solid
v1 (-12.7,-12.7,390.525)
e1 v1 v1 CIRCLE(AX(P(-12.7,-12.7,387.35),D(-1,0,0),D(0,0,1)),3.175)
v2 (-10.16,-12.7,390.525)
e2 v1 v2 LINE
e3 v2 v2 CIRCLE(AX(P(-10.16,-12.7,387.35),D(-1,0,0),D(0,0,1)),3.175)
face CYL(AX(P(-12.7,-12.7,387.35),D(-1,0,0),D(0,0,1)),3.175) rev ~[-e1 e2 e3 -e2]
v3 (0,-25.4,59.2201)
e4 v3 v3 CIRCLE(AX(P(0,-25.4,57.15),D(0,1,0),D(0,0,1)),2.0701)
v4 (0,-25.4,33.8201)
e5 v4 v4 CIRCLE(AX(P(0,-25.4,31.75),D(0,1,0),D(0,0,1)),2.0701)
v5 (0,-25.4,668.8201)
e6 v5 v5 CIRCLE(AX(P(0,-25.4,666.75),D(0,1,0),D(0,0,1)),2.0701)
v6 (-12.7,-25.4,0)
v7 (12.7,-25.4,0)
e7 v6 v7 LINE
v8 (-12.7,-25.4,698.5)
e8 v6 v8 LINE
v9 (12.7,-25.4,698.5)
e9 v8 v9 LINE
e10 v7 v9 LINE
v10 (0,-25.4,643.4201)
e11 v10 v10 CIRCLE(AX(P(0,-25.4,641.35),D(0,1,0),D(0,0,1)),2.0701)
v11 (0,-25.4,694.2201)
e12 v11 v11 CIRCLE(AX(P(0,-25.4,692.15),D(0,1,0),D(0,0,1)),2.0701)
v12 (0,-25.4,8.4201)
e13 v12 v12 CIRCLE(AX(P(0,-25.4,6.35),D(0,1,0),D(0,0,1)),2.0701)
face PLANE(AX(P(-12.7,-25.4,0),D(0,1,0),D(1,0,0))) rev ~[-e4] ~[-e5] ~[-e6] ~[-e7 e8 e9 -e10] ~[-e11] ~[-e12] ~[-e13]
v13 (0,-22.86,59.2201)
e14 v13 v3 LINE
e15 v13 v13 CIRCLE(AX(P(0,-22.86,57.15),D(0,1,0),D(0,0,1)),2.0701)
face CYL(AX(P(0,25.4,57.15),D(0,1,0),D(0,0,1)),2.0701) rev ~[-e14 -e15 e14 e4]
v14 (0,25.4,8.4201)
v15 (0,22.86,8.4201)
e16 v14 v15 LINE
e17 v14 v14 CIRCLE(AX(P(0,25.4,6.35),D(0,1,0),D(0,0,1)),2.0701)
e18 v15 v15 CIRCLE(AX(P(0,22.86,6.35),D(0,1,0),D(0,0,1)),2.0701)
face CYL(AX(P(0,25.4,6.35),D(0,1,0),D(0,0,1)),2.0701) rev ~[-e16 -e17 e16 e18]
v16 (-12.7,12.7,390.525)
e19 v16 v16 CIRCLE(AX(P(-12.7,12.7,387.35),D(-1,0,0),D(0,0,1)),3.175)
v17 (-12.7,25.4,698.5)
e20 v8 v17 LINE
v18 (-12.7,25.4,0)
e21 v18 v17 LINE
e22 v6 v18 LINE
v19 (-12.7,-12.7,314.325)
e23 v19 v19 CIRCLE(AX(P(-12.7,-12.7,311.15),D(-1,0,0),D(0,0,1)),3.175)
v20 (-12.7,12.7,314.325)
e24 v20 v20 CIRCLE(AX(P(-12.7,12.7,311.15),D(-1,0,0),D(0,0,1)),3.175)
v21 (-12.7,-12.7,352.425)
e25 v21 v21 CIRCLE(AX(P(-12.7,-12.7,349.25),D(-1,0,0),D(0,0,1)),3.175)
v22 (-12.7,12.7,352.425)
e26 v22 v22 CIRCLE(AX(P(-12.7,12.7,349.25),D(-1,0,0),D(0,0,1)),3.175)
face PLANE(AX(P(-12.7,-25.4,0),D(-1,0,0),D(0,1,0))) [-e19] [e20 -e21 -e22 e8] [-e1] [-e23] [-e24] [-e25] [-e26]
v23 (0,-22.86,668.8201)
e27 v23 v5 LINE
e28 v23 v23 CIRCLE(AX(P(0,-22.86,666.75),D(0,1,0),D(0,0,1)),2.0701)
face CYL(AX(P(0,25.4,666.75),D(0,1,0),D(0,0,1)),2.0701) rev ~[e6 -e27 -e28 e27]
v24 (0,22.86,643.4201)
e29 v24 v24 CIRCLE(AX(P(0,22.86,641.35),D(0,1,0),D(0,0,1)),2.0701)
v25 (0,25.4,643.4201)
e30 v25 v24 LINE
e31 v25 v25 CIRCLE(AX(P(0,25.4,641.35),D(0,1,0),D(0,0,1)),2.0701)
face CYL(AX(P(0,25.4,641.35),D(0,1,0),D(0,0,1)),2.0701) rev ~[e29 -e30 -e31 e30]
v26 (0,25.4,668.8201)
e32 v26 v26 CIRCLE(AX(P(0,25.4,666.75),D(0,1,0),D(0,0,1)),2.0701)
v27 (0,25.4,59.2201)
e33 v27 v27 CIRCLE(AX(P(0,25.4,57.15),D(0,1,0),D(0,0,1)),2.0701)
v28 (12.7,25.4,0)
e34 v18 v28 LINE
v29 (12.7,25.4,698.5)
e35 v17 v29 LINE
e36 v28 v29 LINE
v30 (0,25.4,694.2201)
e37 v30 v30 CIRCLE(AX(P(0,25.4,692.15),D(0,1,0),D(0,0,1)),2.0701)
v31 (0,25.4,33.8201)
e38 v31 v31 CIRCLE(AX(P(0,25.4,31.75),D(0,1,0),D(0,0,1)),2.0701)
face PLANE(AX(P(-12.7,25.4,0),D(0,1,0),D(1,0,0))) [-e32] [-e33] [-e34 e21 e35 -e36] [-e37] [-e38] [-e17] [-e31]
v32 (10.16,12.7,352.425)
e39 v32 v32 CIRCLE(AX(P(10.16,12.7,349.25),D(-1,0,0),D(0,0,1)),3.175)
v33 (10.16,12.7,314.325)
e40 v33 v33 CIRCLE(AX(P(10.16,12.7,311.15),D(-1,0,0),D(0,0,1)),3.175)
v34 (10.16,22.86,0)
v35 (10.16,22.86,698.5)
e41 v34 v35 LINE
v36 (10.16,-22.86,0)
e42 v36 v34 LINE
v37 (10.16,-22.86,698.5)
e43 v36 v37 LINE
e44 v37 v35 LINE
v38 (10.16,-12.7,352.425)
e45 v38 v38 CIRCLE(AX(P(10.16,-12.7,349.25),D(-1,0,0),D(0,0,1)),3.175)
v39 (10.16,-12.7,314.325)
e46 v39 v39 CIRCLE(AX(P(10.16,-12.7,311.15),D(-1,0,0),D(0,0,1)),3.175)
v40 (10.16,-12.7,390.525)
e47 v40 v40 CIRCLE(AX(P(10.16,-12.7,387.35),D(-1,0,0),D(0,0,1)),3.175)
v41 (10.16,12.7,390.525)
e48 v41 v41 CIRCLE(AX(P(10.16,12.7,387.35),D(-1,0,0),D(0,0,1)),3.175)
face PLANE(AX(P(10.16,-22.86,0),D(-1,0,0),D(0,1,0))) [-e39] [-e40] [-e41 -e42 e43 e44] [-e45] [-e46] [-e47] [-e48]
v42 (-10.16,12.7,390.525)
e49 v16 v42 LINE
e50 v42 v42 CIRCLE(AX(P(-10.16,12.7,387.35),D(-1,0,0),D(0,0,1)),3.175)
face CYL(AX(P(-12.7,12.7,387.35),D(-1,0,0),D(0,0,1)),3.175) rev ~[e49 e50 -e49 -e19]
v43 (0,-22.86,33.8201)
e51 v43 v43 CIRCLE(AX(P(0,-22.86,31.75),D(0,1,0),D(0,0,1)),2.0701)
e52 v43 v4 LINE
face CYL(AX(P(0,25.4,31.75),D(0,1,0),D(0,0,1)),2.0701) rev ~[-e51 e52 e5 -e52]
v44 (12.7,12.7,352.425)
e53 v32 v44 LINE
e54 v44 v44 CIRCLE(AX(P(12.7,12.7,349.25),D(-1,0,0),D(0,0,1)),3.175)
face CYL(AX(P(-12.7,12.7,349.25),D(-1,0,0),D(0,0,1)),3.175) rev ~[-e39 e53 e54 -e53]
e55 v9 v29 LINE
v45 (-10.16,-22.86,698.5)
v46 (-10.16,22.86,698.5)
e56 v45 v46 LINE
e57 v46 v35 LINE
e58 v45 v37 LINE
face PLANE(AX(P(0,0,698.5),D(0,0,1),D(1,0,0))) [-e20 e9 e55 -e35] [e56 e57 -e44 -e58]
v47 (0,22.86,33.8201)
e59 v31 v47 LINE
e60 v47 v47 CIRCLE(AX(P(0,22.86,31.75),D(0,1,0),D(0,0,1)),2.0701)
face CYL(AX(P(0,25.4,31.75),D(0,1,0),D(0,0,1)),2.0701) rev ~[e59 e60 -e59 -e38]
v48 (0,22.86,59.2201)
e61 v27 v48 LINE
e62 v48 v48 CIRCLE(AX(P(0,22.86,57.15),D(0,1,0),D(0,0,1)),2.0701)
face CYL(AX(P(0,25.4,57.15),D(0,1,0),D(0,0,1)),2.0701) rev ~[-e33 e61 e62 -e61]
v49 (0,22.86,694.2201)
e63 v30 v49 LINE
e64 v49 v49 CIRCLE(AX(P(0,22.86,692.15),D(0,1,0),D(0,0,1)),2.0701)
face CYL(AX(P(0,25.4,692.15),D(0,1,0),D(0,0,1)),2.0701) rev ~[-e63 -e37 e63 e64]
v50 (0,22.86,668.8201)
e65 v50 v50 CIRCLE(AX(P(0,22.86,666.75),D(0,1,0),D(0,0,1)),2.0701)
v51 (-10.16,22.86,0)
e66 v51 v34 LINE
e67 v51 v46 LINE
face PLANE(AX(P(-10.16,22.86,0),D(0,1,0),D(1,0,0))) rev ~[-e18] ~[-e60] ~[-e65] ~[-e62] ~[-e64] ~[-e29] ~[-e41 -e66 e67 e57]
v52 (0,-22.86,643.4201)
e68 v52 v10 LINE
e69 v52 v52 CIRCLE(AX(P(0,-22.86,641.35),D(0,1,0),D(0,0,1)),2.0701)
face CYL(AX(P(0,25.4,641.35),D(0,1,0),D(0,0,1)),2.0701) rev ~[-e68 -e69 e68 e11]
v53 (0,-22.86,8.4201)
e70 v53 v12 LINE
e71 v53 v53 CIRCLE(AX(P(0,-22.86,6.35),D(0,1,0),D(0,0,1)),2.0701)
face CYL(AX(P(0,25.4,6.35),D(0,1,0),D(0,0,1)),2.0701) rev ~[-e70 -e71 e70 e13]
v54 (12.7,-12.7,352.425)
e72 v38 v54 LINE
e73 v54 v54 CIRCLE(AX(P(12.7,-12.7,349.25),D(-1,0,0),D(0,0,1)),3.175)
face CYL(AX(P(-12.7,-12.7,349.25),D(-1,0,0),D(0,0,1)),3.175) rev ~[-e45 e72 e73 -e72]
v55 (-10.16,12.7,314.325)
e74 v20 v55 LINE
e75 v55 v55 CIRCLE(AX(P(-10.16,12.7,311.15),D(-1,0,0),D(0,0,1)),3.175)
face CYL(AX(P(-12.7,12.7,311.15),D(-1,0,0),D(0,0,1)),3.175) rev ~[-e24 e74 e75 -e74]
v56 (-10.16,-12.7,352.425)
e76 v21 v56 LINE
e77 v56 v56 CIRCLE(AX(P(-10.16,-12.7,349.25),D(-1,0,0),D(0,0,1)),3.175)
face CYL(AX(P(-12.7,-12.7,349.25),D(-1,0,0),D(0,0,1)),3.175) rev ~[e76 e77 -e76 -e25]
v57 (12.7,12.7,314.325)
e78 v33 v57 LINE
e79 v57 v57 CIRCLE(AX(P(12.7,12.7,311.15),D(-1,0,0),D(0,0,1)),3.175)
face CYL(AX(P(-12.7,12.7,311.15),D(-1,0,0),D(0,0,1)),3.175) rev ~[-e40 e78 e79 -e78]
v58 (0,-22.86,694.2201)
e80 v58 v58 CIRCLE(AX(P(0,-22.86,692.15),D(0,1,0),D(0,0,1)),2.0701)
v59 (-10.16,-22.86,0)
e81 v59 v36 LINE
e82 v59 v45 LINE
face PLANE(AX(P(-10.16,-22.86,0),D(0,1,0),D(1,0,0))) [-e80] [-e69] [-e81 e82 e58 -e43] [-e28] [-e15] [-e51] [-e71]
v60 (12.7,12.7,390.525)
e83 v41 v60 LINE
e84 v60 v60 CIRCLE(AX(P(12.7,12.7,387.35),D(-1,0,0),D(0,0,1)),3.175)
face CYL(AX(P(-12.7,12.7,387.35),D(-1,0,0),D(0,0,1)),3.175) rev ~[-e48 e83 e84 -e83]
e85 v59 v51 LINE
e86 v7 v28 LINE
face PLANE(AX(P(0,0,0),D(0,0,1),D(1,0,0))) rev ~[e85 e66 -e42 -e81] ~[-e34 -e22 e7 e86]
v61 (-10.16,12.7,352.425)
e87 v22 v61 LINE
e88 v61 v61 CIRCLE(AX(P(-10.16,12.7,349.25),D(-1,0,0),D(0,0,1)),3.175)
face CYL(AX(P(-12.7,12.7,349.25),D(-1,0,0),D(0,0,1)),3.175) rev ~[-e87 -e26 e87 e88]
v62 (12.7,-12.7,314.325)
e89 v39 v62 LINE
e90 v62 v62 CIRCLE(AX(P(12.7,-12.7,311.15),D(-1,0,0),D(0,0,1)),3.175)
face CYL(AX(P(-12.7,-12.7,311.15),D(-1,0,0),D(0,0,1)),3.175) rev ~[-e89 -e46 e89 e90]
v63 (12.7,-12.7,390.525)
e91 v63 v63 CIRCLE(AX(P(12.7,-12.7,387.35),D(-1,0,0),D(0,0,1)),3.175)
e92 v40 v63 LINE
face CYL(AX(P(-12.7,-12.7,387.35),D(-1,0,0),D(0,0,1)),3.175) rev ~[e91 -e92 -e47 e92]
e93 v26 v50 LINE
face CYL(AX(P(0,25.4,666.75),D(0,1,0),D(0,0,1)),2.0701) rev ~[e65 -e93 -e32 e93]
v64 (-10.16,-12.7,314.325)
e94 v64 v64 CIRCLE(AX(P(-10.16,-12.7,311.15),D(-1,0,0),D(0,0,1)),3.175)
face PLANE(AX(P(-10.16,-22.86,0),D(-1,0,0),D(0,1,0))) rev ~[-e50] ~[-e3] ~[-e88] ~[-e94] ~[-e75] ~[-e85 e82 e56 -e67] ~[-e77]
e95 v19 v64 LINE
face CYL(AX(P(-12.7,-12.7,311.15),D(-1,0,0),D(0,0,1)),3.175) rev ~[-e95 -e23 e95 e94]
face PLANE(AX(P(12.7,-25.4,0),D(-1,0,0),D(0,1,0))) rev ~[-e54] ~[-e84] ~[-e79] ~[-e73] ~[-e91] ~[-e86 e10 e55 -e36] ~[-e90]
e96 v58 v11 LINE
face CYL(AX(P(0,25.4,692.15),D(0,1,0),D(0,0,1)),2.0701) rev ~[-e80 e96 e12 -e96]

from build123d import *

# Parameters (mm, degrees)
SKETCH1_W           = 25.4
SKETCH1_H           = 50.8
SKETCH1_W_2         = 20.32
SKETCH1_H_2         = 45.72
EXTRUDE_THIN1_DEPTH = 698.5
SKETCH2_R           = 2.0701
CUT_EXTRUDE1_DEPTH  = 701.459977443
SKETCH3_R           = 3.175
CUT_EXTRUDE2_DEPTH  = 700.423026501


with BuildPart() as part:
    # Sketch1 → Extrude-Thin1 (new body)
    with BuildSketch(Plane.XY):
        Rectangle(SKETCH1_W, SKETCH1_H)
        Rectangle(SKETCH1_W_2, SKETCH1_H_2, mode=Mode.SUBTRACT)
    extrude(amount=EXTRUDE_THIN1_DEPTH)

    # Sketch2 → Cut-Extrude1 (cut, through all)
    with BuildSketch(Plane(origin=(0, 25.4, 0), x_dir=(1, 0, 0), z_dir=(0, 1, 0))):
        with Locations(Location((0, -6.35, 0), (0, 0, 270))):
            Circle(SKETCH2_R)
        with Locations(Location((0, -31.75, 0), (0, 0, 270))):
            Circle(SKETCH2_R)
        with Locations(Location((0, -57.15, 0), (0, 0, 270))):
            Circle(SKETCH2_R)
        with Locations(Location((0, -641.35, 0), (0, 0, 270))):
            Circle(SKETCH2_R)
        with Locations(Location((0, -666.75, 0), (0, 0, 270))):
            Circle(SKETCH2_R)
        with Locations(Location((0, -692.15, 0), (0, 0, 270))):
            Circle(SKETCH2_R)
    extrude(amount=-CUT_EXTRUDE1_DEPTH, mode=Mode.SUBTRACT)

    # Sketch3 → Cut-Extrude2 (cut, through all)
    with BuildSketch(Plane.ZY.offset(12.7)):
        with Locations((311.15, 12.7)):
            Circle(SKETCH3_R)
        with Locations((311.15, -12.7)):
            Circle(SKETCH3_R)
        with Locations((387.35, -12.7)):
            Circle(SKETCH3_R)
        with Locations((387.35, 12.7)):
            Circle(SKETCH3_R)
        with Locations((349.25, 12.7)):
            Circle(SKETCH3_R)
        with Locations((349.25, -12.7)):
            Circle(SKETCH3_R)
    extrude(amount=-CUT_EXTRUDE2_DEPTH, mode=Mode.SUBTRACT)


solid = part.part
